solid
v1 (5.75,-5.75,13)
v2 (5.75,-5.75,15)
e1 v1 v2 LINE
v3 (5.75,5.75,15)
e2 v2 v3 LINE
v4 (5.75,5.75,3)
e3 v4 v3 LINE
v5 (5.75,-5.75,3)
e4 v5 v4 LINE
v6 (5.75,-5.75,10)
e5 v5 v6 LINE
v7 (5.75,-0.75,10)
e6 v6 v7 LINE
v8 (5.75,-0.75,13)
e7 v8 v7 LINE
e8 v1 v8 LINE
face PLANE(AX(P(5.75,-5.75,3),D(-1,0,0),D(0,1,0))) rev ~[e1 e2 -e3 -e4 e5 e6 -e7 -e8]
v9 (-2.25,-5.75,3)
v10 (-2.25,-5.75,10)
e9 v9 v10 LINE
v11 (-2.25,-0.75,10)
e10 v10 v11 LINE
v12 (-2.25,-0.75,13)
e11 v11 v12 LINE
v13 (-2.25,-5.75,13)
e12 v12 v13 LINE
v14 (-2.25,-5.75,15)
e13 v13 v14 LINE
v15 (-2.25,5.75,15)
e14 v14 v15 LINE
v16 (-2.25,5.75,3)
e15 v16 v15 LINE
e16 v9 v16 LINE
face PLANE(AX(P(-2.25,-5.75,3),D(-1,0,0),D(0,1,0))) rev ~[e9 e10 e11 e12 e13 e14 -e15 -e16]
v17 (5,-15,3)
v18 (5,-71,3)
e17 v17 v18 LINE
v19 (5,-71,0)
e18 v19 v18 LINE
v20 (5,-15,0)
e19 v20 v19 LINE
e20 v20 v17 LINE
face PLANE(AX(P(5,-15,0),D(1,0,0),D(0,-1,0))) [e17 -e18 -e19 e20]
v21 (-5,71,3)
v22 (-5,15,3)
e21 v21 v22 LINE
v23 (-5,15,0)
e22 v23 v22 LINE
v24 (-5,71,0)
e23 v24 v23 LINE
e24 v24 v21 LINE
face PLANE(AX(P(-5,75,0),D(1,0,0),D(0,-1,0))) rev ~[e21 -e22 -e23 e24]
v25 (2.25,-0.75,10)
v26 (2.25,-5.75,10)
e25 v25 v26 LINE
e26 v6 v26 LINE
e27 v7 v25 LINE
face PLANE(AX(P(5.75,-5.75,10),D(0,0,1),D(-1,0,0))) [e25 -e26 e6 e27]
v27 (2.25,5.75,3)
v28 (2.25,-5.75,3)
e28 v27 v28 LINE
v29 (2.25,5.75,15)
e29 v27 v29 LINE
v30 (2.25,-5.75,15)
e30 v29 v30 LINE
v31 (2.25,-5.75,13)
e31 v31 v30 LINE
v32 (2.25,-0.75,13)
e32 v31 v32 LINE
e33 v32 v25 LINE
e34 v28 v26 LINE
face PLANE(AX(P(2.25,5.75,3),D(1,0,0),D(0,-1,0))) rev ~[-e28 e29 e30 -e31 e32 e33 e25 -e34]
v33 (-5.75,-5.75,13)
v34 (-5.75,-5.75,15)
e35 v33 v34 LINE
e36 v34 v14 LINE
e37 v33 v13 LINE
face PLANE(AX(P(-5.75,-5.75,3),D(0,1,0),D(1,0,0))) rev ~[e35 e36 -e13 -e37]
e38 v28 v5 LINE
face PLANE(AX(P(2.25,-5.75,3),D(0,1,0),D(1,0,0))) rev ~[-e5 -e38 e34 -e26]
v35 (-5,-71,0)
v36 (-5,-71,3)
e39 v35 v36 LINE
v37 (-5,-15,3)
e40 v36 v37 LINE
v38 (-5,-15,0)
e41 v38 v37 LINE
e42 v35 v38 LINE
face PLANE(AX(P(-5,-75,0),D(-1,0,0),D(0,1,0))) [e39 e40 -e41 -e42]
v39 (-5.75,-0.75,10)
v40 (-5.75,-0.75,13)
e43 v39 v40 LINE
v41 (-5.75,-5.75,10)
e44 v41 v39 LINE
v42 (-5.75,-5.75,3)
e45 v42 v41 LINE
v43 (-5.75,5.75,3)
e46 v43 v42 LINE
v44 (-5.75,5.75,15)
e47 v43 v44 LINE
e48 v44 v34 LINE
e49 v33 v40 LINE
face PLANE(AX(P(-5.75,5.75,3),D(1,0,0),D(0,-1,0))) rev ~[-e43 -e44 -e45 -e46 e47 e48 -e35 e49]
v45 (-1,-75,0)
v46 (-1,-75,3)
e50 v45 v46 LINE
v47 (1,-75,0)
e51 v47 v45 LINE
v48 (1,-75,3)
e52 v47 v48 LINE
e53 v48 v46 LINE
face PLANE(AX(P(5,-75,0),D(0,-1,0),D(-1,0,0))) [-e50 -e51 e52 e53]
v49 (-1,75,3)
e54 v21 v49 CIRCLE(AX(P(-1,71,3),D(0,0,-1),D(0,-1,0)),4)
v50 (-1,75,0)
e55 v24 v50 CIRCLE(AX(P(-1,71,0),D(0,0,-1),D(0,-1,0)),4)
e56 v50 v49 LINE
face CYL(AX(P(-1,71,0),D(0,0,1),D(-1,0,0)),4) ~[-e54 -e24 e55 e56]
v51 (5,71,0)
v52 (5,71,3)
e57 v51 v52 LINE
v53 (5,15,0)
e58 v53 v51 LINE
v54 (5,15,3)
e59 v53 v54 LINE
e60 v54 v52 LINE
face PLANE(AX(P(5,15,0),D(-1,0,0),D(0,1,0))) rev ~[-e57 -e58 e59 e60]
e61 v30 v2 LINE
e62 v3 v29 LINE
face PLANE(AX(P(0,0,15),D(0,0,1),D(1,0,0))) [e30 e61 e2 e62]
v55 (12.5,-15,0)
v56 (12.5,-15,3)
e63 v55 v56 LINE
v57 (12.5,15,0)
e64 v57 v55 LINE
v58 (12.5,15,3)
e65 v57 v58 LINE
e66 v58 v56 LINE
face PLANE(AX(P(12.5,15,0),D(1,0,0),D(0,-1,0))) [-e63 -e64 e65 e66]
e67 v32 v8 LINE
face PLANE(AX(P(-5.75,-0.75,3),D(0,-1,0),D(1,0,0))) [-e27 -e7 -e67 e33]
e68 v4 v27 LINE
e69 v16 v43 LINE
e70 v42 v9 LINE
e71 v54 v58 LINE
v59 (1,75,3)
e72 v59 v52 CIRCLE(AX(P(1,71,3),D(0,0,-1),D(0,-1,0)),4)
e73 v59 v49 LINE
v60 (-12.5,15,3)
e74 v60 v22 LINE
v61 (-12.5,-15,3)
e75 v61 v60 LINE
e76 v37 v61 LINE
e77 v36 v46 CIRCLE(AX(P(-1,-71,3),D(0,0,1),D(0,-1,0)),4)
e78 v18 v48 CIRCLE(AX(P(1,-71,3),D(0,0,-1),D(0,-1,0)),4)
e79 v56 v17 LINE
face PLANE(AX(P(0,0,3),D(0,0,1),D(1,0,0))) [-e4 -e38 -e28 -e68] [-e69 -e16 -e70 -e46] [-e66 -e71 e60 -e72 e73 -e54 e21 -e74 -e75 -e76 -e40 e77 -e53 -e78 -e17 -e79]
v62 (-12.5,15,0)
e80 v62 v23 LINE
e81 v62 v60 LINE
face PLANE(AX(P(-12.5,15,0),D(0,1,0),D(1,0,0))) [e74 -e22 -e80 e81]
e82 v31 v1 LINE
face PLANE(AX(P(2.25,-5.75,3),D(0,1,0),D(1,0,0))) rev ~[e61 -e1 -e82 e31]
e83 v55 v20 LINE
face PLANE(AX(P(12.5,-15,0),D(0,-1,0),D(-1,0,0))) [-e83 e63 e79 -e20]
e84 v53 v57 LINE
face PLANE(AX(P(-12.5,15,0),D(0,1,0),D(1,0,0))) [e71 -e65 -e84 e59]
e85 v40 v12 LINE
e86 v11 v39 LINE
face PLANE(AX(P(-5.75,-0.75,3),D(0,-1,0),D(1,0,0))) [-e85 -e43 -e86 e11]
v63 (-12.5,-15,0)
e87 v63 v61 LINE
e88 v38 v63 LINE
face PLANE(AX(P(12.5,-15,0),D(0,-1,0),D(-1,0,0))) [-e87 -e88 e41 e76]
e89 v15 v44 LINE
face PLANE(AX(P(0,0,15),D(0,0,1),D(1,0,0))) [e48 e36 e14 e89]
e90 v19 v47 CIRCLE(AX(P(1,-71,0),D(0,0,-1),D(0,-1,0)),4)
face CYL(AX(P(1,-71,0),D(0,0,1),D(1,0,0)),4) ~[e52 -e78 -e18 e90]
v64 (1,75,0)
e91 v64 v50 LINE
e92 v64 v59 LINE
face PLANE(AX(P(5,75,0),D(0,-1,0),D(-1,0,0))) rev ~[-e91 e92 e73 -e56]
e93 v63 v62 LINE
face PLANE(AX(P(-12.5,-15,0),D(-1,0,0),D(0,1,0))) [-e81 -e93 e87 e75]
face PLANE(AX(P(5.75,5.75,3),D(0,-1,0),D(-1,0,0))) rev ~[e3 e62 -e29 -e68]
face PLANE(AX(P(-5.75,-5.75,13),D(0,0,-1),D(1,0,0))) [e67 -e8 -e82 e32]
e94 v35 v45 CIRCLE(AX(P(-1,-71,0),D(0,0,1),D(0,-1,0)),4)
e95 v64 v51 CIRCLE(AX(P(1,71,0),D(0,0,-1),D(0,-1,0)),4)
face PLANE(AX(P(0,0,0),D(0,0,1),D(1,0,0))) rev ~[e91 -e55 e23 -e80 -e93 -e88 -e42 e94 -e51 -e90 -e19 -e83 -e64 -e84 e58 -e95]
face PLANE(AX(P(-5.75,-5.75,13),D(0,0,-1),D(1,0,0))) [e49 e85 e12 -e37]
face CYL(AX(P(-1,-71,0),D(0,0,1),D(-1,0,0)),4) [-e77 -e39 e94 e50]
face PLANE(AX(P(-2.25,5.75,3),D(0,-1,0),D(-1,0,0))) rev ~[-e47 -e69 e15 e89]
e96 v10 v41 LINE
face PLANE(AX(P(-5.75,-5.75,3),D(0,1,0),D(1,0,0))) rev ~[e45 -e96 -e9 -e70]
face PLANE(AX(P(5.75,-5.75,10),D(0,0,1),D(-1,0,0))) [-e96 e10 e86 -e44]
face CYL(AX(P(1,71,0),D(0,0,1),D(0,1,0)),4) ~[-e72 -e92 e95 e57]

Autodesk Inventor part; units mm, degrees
ref_plane "YZ Plane" through (0, 0, 0) normal (1, 0, 0) x (0, 1, 0)
ref_plane "XZ Plane" through (0, 0, 0) normal (0, 1, 0) x (-1, 0, 0)
ref_plane "XY Plane" through (0, 0, 0) normal (0, 0, 1) x (1, 0, 0)
sketch "Sketch12" plane through (0, 0, 0) normal (0, 0, 1) x (1, 0, 0)
  line L0 (-12.5, 15) -> (12.5, 15)
  line L1 (12.5, 15) -> (12.5, -15)
  line L2 (12.5, -15) -> (-12.5, -15)
  line L3 (-12.5, -15) -> (-12.5, 15)
  line L4 (-12.5, 15) -> (12.5, -15) construction
  line L5 (12.5, 15) -> (-12.5, -15) construction
  point P0 (0, 0)
  dimension "d48" = 25
  dimension "d49" = 30
extrude "Extrusion12" add sketch "Sketch12" along normal blind 3
sketch "Sketch15" plane through (0, 0, 0) normal (0, 0, -1) x (-1, 0, 0)
  line L0 (12.5, -15) -> (-12.5, -15) construction
  line L1 (12.5, 15) -> (12.5, -15) construction
  line L2 (-12.5, 15) -> (12.5, 15) construction
  line L3 (-12.5, -15) -> (-12.5, 15) construction
  line L4 (12.5, 0) -> (-12.5, 0) construction
  line L5 (5, 15) -> (-5, 15)
  line L6 (-5, 15) -> (-5, 75)
  line L7 (-5, 75) -> (5, 75)
  line L8 (5, 75) -> (5, 15)
  line L9 (5, -15) -> (-5, -15)
  line L10 (-5, -15) -> (-5, -75)
  line L11 (-5, -75) -> (5, -75)
  line L12 (5, -75) -> (5, -15)
  point P0 (0, 0)
  point P1 (0, 15)
  point P2 (0, 0)
  dimension "d74" = 10
  dimension "d75" = 60
extrude "Extrusion15" add sketch "Sketch15" against normal up to surface (3 mm away)
fillet "Fillet1" radius 4 4 edges at (5, 75, 1.5) (-5, 75, 1.5) (-5, -75, 1.5) (5, -75, 1.5)
sketch "Sketch17" plane through (0, 0, 3) normal (0, 0, 1) x (1, 0, 0)
  line L0 (5.75, 5.75) -> (-5.75, 5.75) construction
  line L1 (-5.75, 5.75) -> (-5.75, -5.75) construction
  line L2 (-5.75, -5.75) -> (5.75, -5.75) construction
  line L3 (5.75, -5.75) -> (5.75, 5.75) construction
  line L4 (5.75, 5.75) -> (-5.75, -5.75) construction
  line L5 (-5.75, 5.75) -> (5.75, -5.75) construction
  line L6 (5.75, 5.75) -> (2.25, 5.75)
  line L7 (2.25, 5.75) -> (2.25, -5.75)
  line L8 (2.25, -5.75) -> (5.75, -5.75)
  line L9 (5.75, -5.75) -> (5.75, 5.75)
  line L10 (-5.75, -5.75) -> (-2.25, -5.75)
  line L11 (-2.25, -5.75) -> (-2.25, 5.75)
  line L12 (-2.25, 5.75) -> (-5.75, 5.75)
  line L13 (-5.75, 5.75) -> (-5.75, -5.75)
  point P0 (0, 0)
  dimension "d84" = 11.5
  dimension "d85" = 11.5
  dimension "d86" = 3.5
  dimension "d87" = 3.5
extrude "Extrusion17" add sketch "Sketch17" along normal blind 12
sketch "Sketch18" plane through (-5.75, -5.75, 3) normal (0, -1, 0) x (1, 0, 0)
  line L0 (3.5, 0) -> (0, 0) construction
  line L1 (3.5, 0) -> (3.5, 12) construction
  line L2 (0, 12) -> (3.5, 12) construction
  line L3 (0, 0) -> (0, 12) construction
  line L4 (11.5, 0) -> (8, 0) construction
  line L5 (11.5, 0) -> (11.5, 12) construction
  line L6 (8, 12) -> (11.5, 12) construction
  line L7 (8, 0) -> (8, 12) construction
  line L8 (0, 10) -> (11.5, 10)
  line L9 (11.5, 10) -> (11.5, 7)
  line L10 (11.5, 7) -> (0, 7)
  line L11 (0, 7) -> (0, 10)
  point P0 (5.75, -3)
  dimension "d90" = 2
  dimension "d91" = 3
extrude "Extrusion18" cut sketch "Sketch18" against normal blind 5
properties part number "base"
